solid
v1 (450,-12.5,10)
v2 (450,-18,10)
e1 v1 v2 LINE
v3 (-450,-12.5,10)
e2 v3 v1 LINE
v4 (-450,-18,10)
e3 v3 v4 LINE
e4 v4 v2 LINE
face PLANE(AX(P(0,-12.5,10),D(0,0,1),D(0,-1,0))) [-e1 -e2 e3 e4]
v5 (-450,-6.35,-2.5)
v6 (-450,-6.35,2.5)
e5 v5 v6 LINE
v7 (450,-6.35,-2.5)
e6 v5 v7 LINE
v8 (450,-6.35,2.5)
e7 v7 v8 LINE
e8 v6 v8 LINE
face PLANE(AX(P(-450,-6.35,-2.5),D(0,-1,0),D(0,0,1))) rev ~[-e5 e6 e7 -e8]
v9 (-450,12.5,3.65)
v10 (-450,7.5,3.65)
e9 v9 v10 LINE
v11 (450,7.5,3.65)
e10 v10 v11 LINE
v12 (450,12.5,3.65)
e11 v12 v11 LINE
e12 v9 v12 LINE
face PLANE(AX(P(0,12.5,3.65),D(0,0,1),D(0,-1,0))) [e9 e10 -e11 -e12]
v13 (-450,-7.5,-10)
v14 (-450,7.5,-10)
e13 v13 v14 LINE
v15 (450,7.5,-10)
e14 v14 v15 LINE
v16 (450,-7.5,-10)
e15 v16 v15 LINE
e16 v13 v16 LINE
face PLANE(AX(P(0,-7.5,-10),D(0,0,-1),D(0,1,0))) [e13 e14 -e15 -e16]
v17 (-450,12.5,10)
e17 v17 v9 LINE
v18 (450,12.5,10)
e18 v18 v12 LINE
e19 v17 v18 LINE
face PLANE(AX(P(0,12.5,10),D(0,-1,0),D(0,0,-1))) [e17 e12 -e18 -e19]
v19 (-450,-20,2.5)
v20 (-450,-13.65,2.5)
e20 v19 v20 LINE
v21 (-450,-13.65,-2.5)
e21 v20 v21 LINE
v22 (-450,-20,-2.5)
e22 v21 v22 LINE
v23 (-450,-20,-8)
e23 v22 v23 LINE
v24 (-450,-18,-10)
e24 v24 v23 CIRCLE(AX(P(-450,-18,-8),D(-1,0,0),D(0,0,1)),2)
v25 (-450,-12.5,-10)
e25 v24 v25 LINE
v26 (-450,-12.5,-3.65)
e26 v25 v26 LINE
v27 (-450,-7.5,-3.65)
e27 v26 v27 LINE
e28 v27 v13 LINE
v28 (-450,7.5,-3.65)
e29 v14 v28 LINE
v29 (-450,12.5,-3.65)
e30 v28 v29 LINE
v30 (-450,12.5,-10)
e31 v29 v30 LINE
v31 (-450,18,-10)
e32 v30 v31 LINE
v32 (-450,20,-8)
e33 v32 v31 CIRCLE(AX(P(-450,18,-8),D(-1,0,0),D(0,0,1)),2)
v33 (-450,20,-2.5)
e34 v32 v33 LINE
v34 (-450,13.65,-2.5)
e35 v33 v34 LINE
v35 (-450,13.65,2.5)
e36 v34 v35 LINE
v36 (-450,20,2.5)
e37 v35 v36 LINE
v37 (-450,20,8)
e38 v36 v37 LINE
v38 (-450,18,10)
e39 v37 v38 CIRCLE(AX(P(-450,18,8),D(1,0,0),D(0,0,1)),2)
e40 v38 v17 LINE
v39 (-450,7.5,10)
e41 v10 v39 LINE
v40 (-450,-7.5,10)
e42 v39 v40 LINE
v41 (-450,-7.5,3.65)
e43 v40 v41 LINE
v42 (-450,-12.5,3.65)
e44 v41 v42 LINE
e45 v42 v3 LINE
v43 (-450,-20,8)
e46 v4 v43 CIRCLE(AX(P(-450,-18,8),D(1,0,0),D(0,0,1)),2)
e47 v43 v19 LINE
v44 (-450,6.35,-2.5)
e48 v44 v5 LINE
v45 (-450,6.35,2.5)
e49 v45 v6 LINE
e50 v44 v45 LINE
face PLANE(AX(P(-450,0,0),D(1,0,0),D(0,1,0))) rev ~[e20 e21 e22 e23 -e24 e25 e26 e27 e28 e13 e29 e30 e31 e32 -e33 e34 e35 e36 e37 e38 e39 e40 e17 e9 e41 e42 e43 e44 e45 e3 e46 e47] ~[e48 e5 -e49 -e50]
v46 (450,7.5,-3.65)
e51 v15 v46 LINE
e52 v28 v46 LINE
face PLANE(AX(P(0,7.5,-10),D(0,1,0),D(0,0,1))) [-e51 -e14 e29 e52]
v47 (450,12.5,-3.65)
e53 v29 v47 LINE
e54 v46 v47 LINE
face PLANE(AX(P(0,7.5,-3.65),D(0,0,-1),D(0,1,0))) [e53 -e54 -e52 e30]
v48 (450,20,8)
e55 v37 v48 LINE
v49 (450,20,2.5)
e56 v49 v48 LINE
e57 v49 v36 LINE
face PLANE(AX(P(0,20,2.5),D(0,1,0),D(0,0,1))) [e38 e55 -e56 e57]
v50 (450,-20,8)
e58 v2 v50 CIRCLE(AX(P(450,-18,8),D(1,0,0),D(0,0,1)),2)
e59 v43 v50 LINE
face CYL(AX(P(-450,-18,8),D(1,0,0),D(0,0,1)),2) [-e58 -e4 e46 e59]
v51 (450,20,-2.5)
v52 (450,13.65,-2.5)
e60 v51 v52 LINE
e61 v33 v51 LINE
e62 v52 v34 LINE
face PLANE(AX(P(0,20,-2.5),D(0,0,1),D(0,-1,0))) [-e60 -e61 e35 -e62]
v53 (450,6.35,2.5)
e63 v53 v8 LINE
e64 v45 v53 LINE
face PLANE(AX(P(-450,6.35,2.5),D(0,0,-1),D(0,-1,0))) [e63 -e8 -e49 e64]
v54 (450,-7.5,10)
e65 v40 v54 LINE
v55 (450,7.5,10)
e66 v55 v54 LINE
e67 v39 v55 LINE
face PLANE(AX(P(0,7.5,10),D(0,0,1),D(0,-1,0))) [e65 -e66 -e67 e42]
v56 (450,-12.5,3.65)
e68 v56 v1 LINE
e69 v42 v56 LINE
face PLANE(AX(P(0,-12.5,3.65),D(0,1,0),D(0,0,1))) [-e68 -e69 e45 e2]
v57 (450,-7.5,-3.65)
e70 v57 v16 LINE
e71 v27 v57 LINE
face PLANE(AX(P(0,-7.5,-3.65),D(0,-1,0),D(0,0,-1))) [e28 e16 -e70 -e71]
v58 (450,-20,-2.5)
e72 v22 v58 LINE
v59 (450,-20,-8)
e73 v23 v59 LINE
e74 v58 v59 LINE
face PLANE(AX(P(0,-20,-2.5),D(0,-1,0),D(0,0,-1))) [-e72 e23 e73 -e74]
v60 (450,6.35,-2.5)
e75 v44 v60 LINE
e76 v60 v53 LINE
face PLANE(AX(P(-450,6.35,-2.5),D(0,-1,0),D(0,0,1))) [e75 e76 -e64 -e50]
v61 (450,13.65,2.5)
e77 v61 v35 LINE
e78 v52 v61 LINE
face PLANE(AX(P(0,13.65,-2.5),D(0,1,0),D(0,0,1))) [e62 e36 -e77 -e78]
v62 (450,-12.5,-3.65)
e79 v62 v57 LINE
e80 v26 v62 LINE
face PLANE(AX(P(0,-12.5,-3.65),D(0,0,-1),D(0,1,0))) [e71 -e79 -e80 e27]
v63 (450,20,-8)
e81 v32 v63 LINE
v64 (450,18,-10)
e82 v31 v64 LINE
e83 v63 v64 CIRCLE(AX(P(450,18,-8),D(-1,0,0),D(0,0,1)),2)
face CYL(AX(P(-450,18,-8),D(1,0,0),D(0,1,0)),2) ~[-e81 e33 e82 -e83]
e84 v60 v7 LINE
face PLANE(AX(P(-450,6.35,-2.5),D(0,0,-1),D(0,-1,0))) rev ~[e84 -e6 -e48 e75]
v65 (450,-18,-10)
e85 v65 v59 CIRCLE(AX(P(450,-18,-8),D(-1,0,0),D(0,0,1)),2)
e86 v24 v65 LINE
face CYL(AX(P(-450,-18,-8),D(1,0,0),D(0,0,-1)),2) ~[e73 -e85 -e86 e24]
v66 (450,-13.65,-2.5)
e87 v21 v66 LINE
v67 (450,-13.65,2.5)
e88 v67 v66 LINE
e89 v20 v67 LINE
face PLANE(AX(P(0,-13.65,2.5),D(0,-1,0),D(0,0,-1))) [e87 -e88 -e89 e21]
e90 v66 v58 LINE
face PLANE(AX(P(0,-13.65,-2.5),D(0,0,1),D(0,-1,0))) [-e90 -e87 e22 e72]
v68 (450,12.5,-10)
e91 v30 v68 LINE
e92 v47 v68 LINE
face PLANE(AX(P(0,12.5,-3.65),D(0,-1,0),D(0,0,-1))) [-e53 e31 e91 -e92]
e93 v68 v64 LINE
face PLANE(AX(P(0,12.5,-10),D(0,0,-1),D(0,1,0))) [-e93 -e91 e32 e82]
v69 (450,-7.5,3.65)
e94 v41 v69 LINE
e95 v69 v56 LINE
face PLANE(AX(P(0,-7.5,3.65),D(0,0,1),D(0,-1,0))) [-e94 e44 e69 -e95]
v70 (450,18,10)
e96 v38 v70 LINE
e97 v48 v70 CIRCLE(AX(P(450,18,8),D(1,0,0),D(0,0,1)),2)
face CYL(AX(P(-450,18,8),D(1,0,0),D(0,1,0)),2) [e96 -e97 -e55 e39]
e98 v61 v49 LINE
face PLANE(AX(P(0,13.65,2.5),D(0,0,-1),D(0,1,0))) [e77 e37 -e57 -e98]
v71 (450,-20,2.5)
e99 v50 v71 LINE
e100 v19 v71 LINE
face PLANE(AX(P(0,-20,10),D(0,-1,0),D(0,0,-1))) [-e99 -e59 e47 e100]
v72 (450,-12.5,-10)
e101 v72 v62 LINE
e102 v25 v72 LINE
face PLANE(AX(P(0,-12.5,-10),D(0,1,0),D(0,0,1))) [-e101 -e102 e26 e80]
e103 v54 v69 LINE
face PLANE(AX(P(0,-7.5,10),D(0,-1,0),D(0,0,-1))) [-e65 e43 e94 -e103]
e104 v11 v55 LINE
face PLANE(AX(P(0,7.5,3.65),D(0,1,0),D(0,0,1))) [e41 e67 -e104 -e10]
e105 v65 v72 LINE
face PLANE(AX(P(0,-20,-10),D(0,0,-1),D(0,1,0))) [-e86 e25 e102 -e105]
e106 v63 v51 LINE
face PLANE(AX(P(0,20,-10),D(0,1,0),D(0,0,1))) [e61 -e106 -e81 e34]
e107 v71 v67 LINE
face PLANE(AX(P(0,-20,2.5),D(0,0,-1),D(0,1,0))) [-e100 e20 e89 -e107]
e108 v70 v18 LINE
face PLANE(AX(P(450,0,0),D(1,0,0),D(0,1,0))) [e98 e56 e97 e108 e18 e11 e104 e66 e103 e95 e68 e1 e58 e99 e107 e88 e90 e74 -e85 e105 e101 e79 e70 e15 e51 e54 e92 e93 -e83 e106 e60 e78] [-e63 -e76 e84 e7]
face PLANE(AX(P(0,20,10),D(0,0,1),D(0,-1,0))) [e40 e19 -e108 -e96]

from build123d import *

# Parameters (mm, degrees)
F1_DEPTH = 450
F2_W     = 12.7
F2_H     = 5
F3_DEPTH = 900
F4_R     = 2


with BuildPart() as f1:
    # F0 (on Right) → F1 (new body, symmetric)
    with BuildSketch(Plane.YZ):
        Polygon((20, 2.5), (20, 10), (12.5, 10), (12.5, 3.65), (7.5, 3.65), (7.5, 10), (-7.5, 10), (-7.5, 3.65), (-12.5, 3.65), (-12.5, 10), (-20, 10), (-20, 2.5), (-13.65, 2.5), (-13.65, -2.5), (-20, -2.5), (-20, -10), (-12.5, -10), (-12.5, -3.65), (-7.5, -3.65), (-7.5, -10), (7.5, -10), (7.5, -3.65), (12.5, -3.65), (12.5, -10), (20, -10), (20, -2.5), (13.65, -2.5), (13.65, 2.5), align=None)
    extrude(amount=F1_DEPTH, both=True)

    # F2 (on face) → F3 (cut)
    with BuildSketch(Plane(origin=(-450, 0, 0), x_dir=(0, -1, 0), z_dir=(-1, 0, 0))):
        Rectangle(F2_W, F2_H)
    extrude(amount=-F3_DEPTH, mode=Mode.SUBTRACT)

    # F4
    f4_edges = [f1.edges().sort_by_distance(p)[0] for p in [
        (0, 20, 10),
        (0, -20, -10),
        (0, 20, -10),
        (0, -20, 10),
    ]]
    fillet(f4_edges, radius=F4_R)


solid = f1.part
